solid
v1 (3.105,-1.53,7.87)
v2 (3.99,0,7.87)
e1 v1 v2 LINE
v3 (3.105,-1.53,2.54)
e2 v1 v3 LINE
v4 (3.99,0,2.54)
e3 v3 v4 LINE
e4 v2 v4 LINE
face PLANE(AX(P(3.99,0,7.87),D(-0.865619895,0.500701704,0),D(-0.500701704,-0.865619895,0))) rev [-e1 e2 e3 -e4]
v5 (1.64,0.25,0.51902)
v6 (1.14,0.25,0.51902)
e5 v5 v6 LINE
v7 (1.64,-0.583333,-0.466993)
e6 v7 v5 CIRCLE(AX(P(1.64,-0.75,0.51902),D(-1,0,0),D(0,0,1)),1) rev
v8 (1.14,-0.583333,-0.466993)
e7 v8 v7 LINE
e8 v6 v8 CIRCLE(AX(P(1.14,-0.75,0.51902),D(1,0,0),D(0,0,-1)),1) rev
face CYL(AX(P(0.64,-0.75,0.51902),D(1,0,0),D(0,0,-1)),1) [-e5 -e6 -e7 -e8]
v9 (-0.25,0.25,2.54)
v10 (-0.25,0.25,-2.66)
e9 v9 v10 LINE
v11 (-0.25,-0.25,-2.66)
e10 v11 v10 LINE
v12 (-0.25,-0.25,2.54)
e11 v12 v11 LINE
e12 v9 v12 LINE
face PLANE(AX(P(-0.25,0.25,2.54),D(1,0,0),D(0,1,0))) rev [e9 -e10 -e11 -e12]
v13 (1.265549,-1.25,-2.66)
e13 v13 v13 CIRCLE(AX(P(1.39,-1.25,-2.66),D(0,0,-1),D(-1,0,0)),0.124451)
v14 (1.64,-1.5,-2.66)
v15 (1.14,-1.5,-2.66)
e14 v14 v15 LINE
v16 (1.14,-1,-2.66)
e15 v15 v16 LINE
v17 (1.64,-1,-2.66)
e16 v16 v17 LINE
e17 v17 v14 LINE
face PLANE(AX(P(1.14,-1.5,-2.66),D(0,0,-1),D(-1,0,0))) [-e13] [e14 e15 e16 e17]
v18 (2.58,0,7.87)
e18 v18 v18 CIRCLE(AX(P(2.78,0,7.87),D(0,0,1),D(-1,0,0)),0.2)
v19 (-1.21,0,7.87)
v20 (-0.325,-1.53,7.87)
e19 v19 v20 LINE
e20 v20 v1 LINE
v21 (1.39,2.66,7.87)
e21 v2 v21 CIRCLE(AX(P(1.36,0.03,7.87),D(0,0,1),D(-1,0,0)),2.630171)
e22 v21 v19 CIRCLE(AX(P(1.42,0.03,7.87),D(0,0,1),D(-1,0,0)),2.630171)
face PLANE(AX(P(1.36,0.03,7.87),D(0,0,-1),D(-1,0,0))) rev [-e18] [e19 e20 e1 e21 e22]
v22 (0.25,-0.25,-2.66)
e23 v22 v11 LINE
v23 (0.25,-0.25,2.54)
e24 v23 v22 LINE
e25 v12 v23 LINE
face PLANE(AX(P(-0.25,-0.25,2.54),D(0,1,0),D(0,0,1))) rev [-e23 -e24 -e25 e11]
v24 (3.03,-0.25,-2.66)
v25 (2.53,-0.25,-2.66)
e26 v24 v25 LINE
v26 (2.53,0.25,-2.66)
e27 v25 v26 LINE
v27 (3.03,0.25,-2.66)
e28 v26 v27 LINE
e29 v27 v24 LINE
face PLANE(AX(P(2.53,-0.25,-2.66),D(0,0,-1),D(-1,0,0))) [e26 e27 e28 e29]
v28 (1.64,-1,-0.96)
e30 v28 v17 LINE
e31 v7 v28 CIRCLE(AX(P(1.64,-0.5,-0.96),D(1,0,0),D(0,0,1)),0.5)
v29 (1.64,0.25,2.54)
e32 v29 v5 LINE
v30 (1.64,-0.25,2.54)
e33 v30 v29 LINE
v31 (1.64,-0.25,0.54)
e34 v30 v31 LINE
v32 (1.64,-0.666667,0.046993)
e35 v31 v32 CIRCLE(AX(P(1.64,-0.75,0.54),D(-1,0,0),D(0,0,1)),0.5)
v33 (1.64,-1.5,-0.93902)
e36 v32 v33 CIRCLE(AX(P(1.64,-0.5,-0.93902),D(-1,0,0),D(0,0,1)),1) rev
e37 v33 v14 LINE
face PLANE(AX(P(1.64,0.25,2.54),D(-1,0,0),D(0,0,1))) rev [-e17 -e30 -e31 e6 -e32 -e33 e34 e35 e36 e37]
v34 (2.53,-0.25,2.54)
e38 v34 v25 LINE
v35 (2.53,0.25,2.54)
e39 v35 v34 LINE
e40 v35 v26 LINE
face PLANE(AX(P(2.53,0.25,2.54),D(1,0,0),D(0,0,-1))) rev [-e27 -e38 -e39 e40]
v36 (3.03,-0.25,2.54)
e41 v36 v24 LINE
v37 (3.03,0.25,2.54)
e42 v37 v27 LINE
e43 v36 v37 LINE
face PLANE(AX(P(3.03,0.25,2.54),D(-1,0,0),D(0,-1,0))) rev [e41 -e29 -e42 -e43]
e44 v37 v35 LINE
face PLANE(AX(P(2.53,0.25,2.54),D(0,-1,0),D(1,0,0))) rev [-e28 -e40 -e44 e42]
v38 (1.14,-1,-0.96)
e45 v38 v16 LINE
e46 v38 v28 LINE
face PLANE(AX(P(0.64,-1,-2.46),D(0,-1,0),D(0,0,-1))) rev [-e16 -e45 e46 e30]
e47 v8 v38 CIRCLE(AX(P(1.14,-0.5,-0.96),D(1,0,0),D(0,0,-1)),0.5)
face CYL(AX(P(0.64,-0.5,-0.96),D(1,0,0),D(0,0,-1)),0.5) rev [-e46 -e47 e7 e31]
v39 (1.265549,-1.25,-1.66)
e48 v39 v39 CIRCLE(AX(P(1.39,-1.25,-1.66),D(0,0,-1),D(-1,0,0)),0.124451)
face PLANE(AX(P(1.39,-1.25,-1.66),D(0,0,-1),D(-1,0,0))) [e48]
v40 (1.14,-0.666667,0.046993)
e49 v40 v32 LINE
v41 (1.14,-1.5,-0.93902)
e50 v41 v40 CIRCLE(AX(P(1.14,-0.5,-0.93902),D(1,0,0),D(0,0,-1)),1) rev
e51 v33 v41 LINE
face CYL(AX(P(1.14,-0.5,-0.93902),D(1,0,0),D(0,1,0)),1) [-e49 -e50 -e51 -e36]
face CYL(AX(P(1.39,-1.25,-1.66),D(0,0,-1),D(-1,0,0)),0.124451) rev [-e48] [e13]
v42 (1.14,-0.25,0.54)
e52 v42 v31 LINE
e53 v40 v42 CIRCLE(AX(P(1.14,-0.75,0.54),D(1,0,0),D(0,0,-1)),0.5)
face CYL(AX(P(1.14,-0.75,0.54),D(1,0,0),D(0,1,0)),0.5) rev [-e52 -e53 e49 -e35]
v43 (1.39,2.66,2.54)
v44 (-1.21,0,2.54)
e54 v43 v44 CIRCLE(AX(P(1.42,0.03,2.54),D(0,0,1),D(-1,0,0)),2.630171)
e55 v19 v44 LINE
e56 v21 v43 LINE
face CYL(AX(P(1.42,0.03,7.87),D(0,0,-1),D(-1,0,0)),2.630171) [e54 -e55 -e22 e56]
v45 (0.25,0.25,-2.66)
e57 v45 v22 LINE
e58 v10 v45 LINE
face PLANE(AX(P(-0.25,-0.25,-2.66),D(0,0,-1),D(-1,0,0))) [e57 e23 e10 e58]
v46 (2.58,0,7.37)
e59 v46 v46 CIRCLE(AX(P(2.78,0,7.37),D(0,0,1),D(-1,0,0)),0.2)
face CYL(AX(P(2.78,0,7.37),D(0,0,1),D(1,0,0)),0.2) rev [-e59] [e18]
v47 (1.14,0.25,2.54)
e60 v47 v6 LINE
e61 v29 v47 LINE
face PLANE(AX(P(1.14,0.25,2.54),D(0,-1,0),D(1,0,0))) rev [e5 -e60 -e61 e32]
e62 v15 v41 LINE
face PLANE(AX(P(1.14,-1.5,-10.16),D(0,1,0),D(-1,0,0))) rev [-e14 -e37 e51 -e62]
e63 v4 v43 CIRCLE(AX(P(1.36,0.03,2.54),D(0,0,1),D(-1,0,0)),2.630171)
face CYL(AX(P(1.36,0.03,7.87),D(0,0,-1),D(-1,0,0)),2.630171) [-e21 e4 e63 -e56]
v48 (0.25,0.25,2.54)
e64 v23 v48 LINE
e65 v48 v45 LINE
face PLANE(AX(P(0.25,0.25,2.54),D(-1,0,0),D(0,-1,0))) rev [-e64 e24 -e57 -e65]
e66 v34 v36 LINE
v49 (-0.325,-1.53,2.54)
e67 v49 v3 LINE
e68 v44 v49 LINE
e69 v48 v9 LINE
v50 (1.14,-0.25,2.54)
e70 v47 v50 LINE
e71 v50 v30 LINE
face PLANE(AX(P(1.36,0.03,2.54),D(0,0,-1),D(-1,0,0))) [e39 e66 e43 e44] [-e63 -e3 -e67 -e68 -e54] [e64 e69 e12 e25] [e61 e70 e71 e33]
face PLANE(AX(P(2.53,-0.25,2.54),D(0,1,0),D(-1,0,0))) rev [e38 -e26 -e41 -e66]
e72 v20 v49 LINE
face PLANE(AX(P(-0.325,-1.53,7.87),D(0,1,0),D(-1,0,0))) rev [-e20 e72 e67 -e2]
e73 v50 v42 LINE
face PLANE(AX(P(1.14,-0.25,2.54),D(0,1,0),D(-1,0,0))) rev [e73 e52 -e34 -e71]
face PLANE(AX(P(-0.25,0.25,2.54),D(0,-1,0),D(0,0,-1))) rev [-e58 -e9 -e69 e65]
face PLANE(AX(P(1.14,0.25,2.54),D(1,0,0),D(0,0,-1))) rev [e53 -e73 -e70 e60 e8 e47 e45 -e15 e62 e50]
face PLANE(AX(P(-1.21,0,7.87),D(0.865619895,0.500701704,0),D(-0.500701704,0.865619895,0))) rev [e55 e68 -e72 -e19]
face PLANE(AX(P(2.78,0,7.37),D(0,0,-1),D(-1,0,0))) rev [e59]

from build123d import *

# Parameters (mm, degrees)
EXTRUDE_1_DEPTH     = 5.33
SKETCH_1_W          = 0.5
SKETCH_1_H          = 0.5
EXTRUDE_2_DEPTH     = 2.54
SKETCH_1_2_W        = 0.5
SKETCH_1_2_H        = 0.5
EXTRUDE_3_DEPTH     = 10.16
SKETCH_4_R          = 0.2
CUT_EXTRUDE_1_DEPTH = 0.5
SKETCH_5_W          = 0.5
SKETCH_5_H          = 10.2
EXTRUDE_4_DEPTH     = 1.25
CUT_EXTRUDE_2_DEPTH = 1
FILLET_1_R          = 0.5
FILLET_2_R          = 1
SKETCH_7_W          = 0.5
SKETCH_7_H          = 0.5
CUT_EXTRUDE_3_DEPTH = 7.5
SKETCH_8_R          = 0.124451118
CUT_EXTRUDE_4_DEPTH = 1


with BuildPart() as part:
    # Эскиз3 → Вытянуть1 (new body)
    with BuildSketch(Plane.XY.offset(2.54)):
        with BuildLine():
            Line((-0.325, -1.53), (3.105, -1.53))
            Line((3.105, -1.53), (3.99, 0))
            ThreePointArc((3.99, 0), (3.240904038, 1.868477631), (1.39, 2.66))
            ThreePointArc((1.39, 2.66), (-0.460904038, 1.868477631), (-1.21, 0))
            Line((-1.21, 0), (-0.325, -1.53))
        make_face()
    extrude(amount=EXTRUDE_1_DEPTH)

    # Эскиз1 → Вытянуть2 (add)
    with BuildSketch(Plane.XY):
        with Locations((1.39, 0)):
            Rectangle(SKETCH_1_W, SKETCH_1_H)
        Rectangle(SKETCH_1_W, SKETCH_1_H)
        with Locations((2.78, 0)):
            Rectangle(SKETCH_1_W, SKETCH_1_H)
    extrude(amount=EXTRUDE_2_DEPTH)

    # Эскиз1<2> → Вытянуть3 (add)
    with BuildSketch(Plane.XY):
        with Locations((1.39, 0)):
            Rectangle(SKETCH_1_2_W, SKETCH_1_2_H)
        Rectangle(SKETCH_1_2_W, SKETCH_1_2_H)
        with Locations((2.78, 0)):
            Rectangle(SKETCH_1_2_W, SKETCH_1_2_H)
    extrude(amount=-EXTRUDE_3_DEPTH)

    # Эскиз4 → Вырез-Вытянуть1 (cut)
    with BuildSketch(Plane.XY.offset(7.87)):
        with Locations((2.78, 0)):
            Circle(SKETCH_4_R)
    extrude(amount=-CUT_EXTRUDE_1_DEPTH, mode=Mode.SUBTRACT)

    # Эскиз5 → Вытянуть4 (add)
    with BuildSketch(Plane(origin=(0, -0.25, 0), x_dir=(1, 0, 0), z_dir=(0, 1, 0))):
        with Locations((1.39, 5.06)):
            Rectangle(SKETCH_5_W, SKETCH_5_H)
    extrude(amount=-EXTRUDE_4_DEPTH)

    # Эскиз6 → Вырез-Вытянуть2 (cut)
    with BuildSketch(Plane(origin=(1.64, 0, 0), x_dir=(0, 0, -1), z_dir=(1, 0, 0))):
        with BuildLine():
            Line((2.46, -1), (10.787068804, -1))
            Line((10.787068804, -1), (10.787068804, 0.83850211))
            Line((10.787068804, 0.83850211), (10.787068804, 2.125358058))
            Line((10.787068804, 2.125358058), (2.46, 2.125358058))
            Line((2.46, 2.125358058), (0.46, 2.125358058))
            Line((0.46, 2.125358058), (0.46, -0.5))
            ThreePointArc((0.46, -0.5), (0.606446609, -0.853553391), (0.96, -1))
            Line((0.96, -1), (2.46, -1))
        make_face()
    extrude(amount=-CUT_EXTRUDE_2_DEPTH, mode=Mode.SUBTRACT)

    # Скругление1
    fillet_1_edges = [part.edges().sort_by_distance(p)[0] for p in [
        (1.39, -0.25, 0.04),
    ]]
    fillet(fillet_1_edges, radius=FILLET_1_R)

    # Скругление2
    fillet_2_edges = [part.edges().sort_by_distance(p)[0] for p in [
        (1.39, -1.5, 0.04),
        (1.39, 0.25, -0.46),
    ]]
    fillet(fillet_2_edges, radius=FILLET_2_R)

    # Эскиз7 → Вырез-Вытянуть3 (cut)
    with BuildSketch(Plane(origin=(0, 0, -10.16), x_dir=(-1, 0, 0), z_dir=(0, 0, -1))):
        with Locations((-1.39, -1.25)):
            Rectangle(SKETCH_7_W, SKETCH_7_H)
        Rectangle(SKETCH_7_W, SKETCH_7_H)
        with Locations((-2.78, 0)):
            Rectangle(SKETCH_7_W, SKETCH_7_H)
    extrude(amount=-CUT_EXTRUDE_3_DEPTH, mode=Mode.SUBTRACT)

    # Эскиз8 → Вырез-Вытянуть4 (cut)
    with BuildSketch(Plane(origin=(0, 0, -2.66), x_dir=(-1, 0, 0), z_dir=(0, 0, -1))):
        with Locations((-1.39, -1.25)):
            Circle(SKETCH_8_R)
    extrude(amount=-CUT_EXTRUDE_4_DEPTH, mode=Mode.SUBTRACT)


solid = part.part
